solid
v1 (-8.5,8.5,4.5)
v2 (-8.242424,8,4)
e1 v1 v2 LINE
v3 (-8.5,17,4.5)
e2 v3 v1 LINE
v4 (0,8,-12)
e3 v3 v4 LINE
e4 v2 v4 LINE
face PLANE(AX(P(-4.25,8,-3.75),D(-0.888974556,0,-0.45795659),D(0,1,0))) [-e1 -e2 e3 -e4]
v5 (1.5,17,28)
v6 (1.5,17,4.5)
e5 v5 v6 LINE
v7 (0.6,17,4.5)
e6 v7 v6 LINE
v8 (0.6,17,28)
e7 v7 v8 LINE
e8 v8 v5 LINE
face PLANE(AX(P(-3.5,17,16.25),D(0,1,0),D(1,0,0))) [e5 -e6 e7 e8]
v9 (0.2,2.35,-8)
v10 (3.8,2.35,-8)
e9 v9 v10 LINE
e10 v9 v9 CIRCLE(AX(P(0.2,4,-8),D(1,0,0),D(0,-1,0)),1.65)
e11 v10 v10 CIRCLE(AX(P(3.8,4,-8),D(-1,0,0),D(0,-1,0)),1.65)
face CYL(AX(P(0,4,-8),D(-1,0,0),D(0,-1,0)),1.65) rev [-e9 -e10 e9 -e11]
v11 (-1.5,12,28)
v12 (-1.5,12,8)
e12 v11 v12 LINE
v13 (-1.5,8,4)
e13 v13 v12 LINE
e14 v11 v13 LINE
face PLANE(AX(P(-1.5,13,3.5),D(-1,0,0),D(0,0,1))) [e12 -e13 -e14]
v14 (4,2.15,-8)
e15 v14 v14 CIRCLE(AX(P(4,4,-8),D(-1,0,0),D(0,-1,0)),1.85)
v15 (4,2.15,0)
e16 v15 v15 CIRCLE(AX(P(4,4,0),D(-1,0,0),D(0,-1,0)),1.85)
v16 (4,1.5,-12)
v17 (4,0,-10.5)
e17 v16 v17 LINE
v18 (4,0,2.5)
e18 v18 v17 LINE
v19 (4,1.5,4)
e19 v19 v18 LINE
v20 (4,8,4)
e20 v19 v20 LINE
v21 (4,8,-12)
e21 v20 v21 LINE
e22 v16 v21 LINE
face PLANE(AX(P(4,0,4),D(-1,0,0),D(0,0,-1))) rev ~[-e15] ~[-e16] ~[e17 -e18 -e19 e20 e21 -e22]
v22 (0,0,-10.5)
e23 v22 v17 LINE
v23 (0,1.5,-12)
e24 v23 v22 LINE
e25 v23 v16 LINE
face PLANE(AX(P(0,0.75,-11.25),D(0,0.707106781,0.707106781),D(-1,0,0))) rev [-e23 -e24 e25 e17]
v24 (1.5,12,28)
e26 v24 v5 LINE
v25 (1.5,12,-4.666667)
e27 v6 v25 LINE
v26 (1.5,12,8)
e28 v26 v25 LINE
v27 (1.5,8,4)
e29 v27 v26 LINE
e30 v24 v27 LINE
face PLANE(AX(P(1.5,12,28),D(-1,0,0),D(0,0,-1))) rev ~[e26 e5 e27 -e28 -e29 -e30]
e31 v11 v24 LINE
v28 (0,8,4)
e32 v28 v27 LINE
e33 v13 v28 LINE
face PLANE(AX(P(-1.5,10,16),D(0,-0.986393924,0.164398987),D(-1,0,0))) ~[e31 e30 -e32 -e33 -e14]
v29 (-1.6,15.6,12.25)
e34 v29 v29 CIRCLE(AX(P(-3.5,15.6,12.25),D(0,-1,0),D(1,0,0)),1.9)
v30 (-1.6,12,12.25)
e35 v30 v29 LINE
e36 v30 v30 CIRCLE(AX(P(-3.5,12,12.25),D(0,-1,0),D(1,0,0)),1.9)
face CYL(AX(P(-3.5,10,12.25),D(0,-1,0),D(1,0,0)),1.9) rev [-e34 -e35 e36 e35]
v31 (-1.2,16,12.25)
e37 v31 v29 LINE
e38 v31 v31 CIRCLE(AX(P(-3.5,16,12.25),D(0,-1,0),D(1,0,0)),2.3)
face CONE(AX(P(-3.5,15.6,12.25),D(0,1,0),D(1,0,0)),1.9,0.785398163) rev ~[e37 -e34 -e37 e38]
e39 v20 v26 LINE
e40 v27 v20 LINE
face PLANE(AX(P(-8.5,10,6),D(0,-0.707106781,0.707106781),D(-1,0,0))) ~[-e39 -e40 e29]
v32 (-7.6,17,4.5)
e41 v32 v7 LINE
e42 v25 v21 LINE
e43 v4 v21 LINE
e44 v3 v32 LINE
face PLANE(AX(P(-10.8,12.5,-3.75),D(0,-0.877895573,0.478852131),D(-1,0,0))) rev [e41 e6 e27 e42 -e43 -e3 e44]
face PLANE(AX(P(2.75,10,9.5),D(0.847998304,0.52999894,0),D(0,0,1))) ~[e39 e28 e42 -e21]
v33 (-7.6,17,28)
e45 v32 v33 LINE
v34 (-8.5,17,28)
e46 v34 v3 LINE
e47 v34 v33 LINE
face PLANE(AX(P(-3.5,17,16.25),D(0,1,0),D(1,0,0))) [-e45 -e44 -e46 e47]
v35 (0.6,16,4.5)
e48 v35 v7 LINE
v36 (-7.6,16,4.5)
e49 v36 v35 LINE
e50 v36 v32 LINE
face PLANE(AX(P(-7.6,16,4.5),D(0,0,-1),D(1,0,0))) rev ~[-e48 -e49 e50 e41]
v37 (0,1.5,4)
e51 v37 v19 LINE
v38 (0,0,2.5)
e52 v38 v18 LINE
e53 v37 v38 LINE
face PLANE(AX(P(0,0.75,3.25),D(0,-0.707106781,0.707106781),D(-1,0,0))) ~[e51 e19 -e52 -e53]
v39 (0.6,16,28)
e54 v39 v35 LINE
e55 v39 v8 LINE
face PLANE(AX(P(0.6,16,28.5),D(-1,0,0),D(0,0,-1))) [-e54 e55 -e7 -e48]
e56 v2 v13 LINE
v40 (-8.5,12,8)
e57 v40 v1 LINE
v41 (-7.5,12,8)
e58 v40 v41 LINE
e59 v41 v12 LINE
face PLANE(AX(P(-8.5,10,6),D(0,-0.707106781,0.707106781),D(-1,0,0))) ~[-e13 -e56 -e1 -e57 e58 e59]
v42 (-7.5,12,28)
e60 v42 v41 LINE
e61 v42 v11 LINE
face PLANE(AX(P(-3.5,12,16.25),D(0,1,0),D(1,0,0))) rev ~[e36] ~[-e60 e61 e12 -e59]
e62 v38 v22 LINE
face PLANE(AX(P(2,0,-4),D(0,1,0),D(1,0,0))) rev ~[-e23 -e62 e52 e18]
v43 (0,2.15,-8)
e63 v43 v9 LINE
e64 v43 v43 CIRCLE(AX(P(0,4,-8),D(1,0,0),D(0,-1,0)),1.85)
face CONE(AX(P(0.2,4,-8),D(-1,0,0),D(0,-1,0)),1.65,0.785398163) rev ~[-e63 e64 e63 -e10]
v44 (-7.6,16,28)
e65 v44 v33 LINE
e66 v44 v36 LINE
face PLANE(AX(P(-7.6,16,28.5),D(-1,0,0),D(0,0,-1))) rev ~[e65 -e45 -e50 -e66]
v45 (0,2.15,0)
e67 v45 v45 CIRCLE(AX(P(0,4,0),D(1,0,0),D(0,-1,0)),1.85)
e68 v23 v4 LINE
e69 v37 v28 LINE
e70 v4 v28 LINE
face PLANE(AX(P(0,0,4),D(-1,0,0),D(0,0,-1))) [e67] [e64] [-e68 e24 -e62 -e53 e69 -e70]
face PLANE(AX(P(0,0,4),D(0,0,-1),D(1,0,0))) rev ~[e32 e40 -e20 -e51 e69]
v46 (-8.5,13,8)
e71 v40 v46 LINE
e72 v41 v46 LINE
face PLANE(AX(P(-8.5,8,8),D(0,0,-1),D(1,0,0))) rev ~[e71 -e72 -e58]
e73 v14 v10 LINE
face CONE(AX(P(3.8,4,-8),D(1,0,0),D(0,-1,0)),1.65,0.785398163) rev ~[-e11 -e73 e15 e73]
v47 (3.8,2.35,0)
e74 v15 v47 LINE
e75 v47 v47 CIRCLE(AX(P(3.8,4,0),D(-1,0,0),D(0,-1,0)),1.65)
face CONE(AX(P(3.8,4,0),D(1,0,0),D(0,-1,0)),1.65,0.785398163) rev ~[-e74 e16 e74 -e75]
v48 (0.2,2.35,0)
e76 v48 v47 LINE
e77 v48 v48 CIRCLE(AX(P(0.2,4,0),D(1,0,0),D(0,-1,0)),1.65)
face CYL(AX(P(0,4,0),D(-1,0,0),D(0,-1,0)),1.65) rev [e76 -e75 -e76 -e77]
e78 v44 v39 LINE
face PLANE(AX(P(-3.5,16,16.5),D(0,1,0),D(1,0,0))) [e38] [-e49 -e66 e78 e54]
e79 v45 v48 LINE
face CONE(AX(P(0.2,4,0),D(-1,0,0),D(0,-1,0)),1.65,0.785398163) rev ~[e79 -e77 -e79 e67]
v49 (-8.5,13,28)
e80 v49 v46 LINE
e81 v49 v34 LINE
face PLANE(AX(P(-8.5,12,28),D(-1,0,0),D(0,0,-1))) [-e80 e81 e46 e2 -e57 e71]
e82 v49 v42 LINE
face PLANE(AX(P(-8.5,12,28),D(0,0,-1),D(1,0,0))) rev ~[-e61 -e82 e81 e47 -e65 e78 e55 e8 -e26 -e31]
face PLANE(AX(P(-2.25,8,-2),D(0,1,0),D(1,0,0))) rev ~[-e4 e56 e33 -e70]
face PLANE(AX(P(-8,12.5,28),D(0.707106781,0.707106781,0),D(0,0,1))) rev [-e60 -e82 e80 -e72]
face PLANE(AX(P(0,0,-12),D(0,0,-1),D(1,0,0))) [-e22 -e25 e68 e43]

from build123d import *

# Parameters (mm, degrees)
CYLINDER004_R                       = 1.9
CYLINDER004_DEPTH                   = 10
BOX011_W                            = 8.2
BOX011_H                            = 24
BOX011_DEPTH                        = 5
BOX012_W                            = 15
BOX012_H                            = 21
BOX012_DEPTH                        = 17
CHAMFER013_SIZE2                    = 16.5
CHAMFER013_SIZE                     = 9
BOX010_W                            = 12.5
BOX010_H                            = 21.5
BOX010_DEPTH                        = 10
CHAMFER009_SIZE2                    = 2.5
CHAMFER009_SIZE                     = 4
BOX008_W                            = 12.5
BOX008_H                            = 20
BOX008_DEPTH                        = 9
CHAMFER010_SIZE                     = 4
CHAMFER012_SIZE2                    = 8.5
CHAMFER012_SIZE                     = 16.5
BOX013_W                            = 3
BOX013_H                            = 24.5
BOX013_DEPTH                        = 5
CHAMFER023004_SIZE2                 = 24
CHAMFER023004_SIZE                  = 4
BOX009_W                            = 10
BOX009_H                            = 23.5
BOX009_DEPTH                        = 5
CHAMFER023003_SIZE                  = 1
CYLINDER002_R                       = 1.65
CYLINDER002_DEPTH                   = 10
CYLINDER003_R                       = 1.65
CYLINDER003_DEPTH                   = 10
BOX007_W                            = 4
BOX007_H                            = 16
BOX007_DEPTH                        = 8
CHAMFER011_SIZE                     = 1.5
CHAMFER023006002_SIZE               = 0.4
CHAMFER023006003_SIZE               = 0.2
CHAMFER023006003001_PLACEMENT_ANGLE = 90


with BuildPart() as cylinder004:
    # Cylinder004 → Cylinder004 (new body)
    with BuildSketch(Plane(origin=(-3.5, -12.25, 10), x_dir=(1, 0, 0), z_dir=(0, 0, 1))):
        Circle(CYLINDER004_R)
    extrude(amount=CYLINDER004_DEPTH)


with BuildPart() as cube011:
    # Box011 → Box011 (new body)
    with BuildSketch(Plane(origin=(-7.6, -28.5, 16), x_dir=(1, 0, 0), z_dir=(0, 0, 1))):
        with Locations((4.1, 12)):
            Rectangle(BOX011_W, BOX011_H)
    extrude(amount=BOX011_DEPTH)


with BuildPart() as chamfer013:
    # Box012 → Box012 (new body)
    with BuildSketch(Plane(origin=(-10.8, -4.5, 8), x_dir=(1, 0, 0), z_dir=(0, 0, 1))):
        with Locations((7.5, 10.5)):
            Rectangle(BOX012_W, BOX012_H)
    extrude(amount=BOX012_DEPTH)

    # Chamfer013
    chamfer013_edges = [chamfer013.edges().sort_by_distance(p)[0] for p in [
        (-3.3, -4.5, 8),
    ]]
    chamfer013_side = chamfer013.faces().sort_by_distance((-3.3, -4.5, 16.5))[0]
    chamfer(chamfer013_edges, length=CHAMFER013_SIZE, length2=CHAMFER013_SIZE2, reference=chamfer013_side)


with BuildPart() as chamfer009:
    # Box010 → Box010 (new body)
    with BuildSketch(Plane(origin=(1.5, -9.5, 8), x_dir=(1, 0, 0), z_dir=(0, 0, 1))):
        with Locations((6.25, 10.75)):
            Rectangle(BOX010_W, BOX010_H)
    extrude(amount=BOX010_DEPTH)

    # Chamfer009
    chamfer009_edges = [chamfer009.edges().sort_by_distance(p)[0] for p in [
        (1.5, 1.25, 8),
    ]]
    chamfer009_side = chamfer009.faces().sort_by_distance((1.5, 1.25, 13))[0]
    chamfer(chamfer009_edges, length=CHAMFER009_SIZE, length2=CHAMFER009_SIZE2, reference=chamfer009_side)


with BuildPart() as cut003001004:
    # Box008 → Box008 (new body)
    with BuildSketch(Plane(origin=(-8.5, -8, 8), x_dir=(1, 0, 0), z_dir=(0, 0, 1))):
        with Locations((6.25, 10)):
            Rectangle(BOX008_W, BOX008_H)
    extrude(amount=BOX008_DEPTH)

    # Chamfer010
    chamfer010_edges = [cut003001004.edges().sort_by_distance(p)[0] for p in [
        (-2.25, -8, 8),
    ]]
    chamfer(chamfer010_edges, length=CHAMFER010_SIZE)

    # Cut003001002: cut Chamfer009
    add(chamfer009.part, mode=Mode.SUBTRACT)

    # Chamfer012
    chamfer012_edges = [cut003001004.edges().sort_by_distance(p)[0] for p in [
        (-8.5, 12, 12.5),
    ]]
    chamfer012_side = cut003001004.faces().sort_by_distance((-8.5, 2.403101, 12.647287))[0]
    chamfer(chamfer012_edges, length=CHAMFER012_SIZE, length2=CHAMFER012_SIZE2, reference=chamfer012_side)

    # Cut003001004: cut Chamfer013
    add(chamfer013.part, mode=Mode.SUBTRACT)


with BuildPart() as chamfer023004:
    # Box013 → Box013 (new body)
    with BuildSketch(Plane(origin=(-1.5, -3.5, 13), x_dir=(1, 0, 0), z_dir=(0, 0, -1))):
        with Locations((1.5, 12.25)):
            Rectangle(BOX013_W, BOX013_H)
    extrude(amount=BOX013_DEPTH)

    # Chamfer023004
    chamfer023004_edges = [chamfer023004.edges().sort_by_distance(p)[0] for p in [
        (0, -28, 8),
    ]]
    chamfer023004_side = chamfer023004.faces().sort_by_distance((0, -28, 10.5))[0]
    chamfer(chamfer023004_edges, length=CHAMFER023004_SIZE, length2=CHAMFER023004_SIZE2, reference=chamfer023004_side)


with BuildPart() as chamfer023003:
    # Box009 → Box009 (new body)
    with BuildSketch(Plane(origin=(-8.5, -28, 12), x_dir=(1, 0, 0), z_dir=(0, 0, 1))):
        with Locations((5, 11.75)):
            Rectangle(BOX009_W, BOX009_H)
    extrude(amount=BOX009_DEPTH)

    # Chamfer023003
    chamfer023003_edges = [chamfer023003.edges().sort_by_distance(p)[0] for p in [
        (-8.5, -16.25, 12),
        (1.5, -16.25, 12),
    ]]
    chamfer(chamfer023003_edges, length=CHAMFER023003_SIZE)


with BuildPart() as cylinder002:
    # Cylinder002 → Cylinder002 (new body)
    with BuildSketch(Plane(origin=(0, 0, 4), x_dir=(0, 0, -1), z_dir=(1, 0, 0))):
        Circle(CYLINDER002_R)
    extrude(amount=CYLINDER002_DEPTH)


with BuildPart() as fusion001003:
    # Cylinder003 → Cylinder003 (new body)
    with BuildSketch(Plane(origin=(0, 8, 4), x_dir=(0, 0, -1), z_dir=(1, 0, 0))):
        Circle(CYLINDER003_R)
    extrude(amount=CYLINDER003_DEPTH)

    # Fusion001003: union Cylinder002
    add(cylinder002.part)


with BuildPart() as chamfer023006003001:
    # Box007 → Box007 (new body)
    with BuildSketch(Plane(origin=(0, -4, 0), x_dir=(1, 0, 0), z_dir=(0, 0, 1))):
        with Locations((2, 8)):
            Rectangle(BOX007_W, BOX007_H)
    extrude(amount=BOX007_DEPTH)

    # Chamfer011
    chamfer011_edges = [chamfer023006003001.edges().sort_by_distance(p)[0] for p in [
        (2, -4, 0),
        (2, 12, 0),
    ]]
    chamfer(chamfer011_edges, length=CHAMFER011_SIZE)

    # Cut003001003: cut Fusion001003
    add(fusion001003.part, mode=Mode.SUBTRACT)

    # Fusion001004: union Cut003001004, Chamfer023004, Chamfer023003
    add(cut003001004.part)
    add(chamfer023004.part)
    add(chamfer023003.part)

    # Cut003001015: cut Cube011
    add(cube011.part, mode=Mode.SUBTRACT)

    # Cut003001016: cut Cylinder004
    add(cylinder004.part, mode=Mode.SUBTRACT)

    # Chamfer023006002
    chamfer023006002_edges = [chamfer023006003001.edges().sort_by_distance(p)[0] for p in [
        (-5.4, -12.25, 16),
    ]]
    chamfer(chamfer023006002_edges, length=CHAMFER023006002_SIZE)

    # Chamfer023006003
    chamfer023006003_edges = [chamfer023006003001.edges().sort_by_distance(p)[0] for p in [
        (0, 8, 5.65),
        (0, 0, 5.65),
        (4, 8, 5.65),
        (4, 0, 5.65),
    ]]
    chamfer(chamfer023006003_edges, length=CHAMFER023006003_SIZE)


with BuildPart() as chamfer023006003001_1:
    # Chamfer023006003001 placement: moved
    add(chamfer023006003001.part.rotate(Axis((0, 0, 0), (-1, 0, 0)), CHAMFER023006003001_PLACEMENT_ANGLE))


solid = chamfer023006003001_1.part
